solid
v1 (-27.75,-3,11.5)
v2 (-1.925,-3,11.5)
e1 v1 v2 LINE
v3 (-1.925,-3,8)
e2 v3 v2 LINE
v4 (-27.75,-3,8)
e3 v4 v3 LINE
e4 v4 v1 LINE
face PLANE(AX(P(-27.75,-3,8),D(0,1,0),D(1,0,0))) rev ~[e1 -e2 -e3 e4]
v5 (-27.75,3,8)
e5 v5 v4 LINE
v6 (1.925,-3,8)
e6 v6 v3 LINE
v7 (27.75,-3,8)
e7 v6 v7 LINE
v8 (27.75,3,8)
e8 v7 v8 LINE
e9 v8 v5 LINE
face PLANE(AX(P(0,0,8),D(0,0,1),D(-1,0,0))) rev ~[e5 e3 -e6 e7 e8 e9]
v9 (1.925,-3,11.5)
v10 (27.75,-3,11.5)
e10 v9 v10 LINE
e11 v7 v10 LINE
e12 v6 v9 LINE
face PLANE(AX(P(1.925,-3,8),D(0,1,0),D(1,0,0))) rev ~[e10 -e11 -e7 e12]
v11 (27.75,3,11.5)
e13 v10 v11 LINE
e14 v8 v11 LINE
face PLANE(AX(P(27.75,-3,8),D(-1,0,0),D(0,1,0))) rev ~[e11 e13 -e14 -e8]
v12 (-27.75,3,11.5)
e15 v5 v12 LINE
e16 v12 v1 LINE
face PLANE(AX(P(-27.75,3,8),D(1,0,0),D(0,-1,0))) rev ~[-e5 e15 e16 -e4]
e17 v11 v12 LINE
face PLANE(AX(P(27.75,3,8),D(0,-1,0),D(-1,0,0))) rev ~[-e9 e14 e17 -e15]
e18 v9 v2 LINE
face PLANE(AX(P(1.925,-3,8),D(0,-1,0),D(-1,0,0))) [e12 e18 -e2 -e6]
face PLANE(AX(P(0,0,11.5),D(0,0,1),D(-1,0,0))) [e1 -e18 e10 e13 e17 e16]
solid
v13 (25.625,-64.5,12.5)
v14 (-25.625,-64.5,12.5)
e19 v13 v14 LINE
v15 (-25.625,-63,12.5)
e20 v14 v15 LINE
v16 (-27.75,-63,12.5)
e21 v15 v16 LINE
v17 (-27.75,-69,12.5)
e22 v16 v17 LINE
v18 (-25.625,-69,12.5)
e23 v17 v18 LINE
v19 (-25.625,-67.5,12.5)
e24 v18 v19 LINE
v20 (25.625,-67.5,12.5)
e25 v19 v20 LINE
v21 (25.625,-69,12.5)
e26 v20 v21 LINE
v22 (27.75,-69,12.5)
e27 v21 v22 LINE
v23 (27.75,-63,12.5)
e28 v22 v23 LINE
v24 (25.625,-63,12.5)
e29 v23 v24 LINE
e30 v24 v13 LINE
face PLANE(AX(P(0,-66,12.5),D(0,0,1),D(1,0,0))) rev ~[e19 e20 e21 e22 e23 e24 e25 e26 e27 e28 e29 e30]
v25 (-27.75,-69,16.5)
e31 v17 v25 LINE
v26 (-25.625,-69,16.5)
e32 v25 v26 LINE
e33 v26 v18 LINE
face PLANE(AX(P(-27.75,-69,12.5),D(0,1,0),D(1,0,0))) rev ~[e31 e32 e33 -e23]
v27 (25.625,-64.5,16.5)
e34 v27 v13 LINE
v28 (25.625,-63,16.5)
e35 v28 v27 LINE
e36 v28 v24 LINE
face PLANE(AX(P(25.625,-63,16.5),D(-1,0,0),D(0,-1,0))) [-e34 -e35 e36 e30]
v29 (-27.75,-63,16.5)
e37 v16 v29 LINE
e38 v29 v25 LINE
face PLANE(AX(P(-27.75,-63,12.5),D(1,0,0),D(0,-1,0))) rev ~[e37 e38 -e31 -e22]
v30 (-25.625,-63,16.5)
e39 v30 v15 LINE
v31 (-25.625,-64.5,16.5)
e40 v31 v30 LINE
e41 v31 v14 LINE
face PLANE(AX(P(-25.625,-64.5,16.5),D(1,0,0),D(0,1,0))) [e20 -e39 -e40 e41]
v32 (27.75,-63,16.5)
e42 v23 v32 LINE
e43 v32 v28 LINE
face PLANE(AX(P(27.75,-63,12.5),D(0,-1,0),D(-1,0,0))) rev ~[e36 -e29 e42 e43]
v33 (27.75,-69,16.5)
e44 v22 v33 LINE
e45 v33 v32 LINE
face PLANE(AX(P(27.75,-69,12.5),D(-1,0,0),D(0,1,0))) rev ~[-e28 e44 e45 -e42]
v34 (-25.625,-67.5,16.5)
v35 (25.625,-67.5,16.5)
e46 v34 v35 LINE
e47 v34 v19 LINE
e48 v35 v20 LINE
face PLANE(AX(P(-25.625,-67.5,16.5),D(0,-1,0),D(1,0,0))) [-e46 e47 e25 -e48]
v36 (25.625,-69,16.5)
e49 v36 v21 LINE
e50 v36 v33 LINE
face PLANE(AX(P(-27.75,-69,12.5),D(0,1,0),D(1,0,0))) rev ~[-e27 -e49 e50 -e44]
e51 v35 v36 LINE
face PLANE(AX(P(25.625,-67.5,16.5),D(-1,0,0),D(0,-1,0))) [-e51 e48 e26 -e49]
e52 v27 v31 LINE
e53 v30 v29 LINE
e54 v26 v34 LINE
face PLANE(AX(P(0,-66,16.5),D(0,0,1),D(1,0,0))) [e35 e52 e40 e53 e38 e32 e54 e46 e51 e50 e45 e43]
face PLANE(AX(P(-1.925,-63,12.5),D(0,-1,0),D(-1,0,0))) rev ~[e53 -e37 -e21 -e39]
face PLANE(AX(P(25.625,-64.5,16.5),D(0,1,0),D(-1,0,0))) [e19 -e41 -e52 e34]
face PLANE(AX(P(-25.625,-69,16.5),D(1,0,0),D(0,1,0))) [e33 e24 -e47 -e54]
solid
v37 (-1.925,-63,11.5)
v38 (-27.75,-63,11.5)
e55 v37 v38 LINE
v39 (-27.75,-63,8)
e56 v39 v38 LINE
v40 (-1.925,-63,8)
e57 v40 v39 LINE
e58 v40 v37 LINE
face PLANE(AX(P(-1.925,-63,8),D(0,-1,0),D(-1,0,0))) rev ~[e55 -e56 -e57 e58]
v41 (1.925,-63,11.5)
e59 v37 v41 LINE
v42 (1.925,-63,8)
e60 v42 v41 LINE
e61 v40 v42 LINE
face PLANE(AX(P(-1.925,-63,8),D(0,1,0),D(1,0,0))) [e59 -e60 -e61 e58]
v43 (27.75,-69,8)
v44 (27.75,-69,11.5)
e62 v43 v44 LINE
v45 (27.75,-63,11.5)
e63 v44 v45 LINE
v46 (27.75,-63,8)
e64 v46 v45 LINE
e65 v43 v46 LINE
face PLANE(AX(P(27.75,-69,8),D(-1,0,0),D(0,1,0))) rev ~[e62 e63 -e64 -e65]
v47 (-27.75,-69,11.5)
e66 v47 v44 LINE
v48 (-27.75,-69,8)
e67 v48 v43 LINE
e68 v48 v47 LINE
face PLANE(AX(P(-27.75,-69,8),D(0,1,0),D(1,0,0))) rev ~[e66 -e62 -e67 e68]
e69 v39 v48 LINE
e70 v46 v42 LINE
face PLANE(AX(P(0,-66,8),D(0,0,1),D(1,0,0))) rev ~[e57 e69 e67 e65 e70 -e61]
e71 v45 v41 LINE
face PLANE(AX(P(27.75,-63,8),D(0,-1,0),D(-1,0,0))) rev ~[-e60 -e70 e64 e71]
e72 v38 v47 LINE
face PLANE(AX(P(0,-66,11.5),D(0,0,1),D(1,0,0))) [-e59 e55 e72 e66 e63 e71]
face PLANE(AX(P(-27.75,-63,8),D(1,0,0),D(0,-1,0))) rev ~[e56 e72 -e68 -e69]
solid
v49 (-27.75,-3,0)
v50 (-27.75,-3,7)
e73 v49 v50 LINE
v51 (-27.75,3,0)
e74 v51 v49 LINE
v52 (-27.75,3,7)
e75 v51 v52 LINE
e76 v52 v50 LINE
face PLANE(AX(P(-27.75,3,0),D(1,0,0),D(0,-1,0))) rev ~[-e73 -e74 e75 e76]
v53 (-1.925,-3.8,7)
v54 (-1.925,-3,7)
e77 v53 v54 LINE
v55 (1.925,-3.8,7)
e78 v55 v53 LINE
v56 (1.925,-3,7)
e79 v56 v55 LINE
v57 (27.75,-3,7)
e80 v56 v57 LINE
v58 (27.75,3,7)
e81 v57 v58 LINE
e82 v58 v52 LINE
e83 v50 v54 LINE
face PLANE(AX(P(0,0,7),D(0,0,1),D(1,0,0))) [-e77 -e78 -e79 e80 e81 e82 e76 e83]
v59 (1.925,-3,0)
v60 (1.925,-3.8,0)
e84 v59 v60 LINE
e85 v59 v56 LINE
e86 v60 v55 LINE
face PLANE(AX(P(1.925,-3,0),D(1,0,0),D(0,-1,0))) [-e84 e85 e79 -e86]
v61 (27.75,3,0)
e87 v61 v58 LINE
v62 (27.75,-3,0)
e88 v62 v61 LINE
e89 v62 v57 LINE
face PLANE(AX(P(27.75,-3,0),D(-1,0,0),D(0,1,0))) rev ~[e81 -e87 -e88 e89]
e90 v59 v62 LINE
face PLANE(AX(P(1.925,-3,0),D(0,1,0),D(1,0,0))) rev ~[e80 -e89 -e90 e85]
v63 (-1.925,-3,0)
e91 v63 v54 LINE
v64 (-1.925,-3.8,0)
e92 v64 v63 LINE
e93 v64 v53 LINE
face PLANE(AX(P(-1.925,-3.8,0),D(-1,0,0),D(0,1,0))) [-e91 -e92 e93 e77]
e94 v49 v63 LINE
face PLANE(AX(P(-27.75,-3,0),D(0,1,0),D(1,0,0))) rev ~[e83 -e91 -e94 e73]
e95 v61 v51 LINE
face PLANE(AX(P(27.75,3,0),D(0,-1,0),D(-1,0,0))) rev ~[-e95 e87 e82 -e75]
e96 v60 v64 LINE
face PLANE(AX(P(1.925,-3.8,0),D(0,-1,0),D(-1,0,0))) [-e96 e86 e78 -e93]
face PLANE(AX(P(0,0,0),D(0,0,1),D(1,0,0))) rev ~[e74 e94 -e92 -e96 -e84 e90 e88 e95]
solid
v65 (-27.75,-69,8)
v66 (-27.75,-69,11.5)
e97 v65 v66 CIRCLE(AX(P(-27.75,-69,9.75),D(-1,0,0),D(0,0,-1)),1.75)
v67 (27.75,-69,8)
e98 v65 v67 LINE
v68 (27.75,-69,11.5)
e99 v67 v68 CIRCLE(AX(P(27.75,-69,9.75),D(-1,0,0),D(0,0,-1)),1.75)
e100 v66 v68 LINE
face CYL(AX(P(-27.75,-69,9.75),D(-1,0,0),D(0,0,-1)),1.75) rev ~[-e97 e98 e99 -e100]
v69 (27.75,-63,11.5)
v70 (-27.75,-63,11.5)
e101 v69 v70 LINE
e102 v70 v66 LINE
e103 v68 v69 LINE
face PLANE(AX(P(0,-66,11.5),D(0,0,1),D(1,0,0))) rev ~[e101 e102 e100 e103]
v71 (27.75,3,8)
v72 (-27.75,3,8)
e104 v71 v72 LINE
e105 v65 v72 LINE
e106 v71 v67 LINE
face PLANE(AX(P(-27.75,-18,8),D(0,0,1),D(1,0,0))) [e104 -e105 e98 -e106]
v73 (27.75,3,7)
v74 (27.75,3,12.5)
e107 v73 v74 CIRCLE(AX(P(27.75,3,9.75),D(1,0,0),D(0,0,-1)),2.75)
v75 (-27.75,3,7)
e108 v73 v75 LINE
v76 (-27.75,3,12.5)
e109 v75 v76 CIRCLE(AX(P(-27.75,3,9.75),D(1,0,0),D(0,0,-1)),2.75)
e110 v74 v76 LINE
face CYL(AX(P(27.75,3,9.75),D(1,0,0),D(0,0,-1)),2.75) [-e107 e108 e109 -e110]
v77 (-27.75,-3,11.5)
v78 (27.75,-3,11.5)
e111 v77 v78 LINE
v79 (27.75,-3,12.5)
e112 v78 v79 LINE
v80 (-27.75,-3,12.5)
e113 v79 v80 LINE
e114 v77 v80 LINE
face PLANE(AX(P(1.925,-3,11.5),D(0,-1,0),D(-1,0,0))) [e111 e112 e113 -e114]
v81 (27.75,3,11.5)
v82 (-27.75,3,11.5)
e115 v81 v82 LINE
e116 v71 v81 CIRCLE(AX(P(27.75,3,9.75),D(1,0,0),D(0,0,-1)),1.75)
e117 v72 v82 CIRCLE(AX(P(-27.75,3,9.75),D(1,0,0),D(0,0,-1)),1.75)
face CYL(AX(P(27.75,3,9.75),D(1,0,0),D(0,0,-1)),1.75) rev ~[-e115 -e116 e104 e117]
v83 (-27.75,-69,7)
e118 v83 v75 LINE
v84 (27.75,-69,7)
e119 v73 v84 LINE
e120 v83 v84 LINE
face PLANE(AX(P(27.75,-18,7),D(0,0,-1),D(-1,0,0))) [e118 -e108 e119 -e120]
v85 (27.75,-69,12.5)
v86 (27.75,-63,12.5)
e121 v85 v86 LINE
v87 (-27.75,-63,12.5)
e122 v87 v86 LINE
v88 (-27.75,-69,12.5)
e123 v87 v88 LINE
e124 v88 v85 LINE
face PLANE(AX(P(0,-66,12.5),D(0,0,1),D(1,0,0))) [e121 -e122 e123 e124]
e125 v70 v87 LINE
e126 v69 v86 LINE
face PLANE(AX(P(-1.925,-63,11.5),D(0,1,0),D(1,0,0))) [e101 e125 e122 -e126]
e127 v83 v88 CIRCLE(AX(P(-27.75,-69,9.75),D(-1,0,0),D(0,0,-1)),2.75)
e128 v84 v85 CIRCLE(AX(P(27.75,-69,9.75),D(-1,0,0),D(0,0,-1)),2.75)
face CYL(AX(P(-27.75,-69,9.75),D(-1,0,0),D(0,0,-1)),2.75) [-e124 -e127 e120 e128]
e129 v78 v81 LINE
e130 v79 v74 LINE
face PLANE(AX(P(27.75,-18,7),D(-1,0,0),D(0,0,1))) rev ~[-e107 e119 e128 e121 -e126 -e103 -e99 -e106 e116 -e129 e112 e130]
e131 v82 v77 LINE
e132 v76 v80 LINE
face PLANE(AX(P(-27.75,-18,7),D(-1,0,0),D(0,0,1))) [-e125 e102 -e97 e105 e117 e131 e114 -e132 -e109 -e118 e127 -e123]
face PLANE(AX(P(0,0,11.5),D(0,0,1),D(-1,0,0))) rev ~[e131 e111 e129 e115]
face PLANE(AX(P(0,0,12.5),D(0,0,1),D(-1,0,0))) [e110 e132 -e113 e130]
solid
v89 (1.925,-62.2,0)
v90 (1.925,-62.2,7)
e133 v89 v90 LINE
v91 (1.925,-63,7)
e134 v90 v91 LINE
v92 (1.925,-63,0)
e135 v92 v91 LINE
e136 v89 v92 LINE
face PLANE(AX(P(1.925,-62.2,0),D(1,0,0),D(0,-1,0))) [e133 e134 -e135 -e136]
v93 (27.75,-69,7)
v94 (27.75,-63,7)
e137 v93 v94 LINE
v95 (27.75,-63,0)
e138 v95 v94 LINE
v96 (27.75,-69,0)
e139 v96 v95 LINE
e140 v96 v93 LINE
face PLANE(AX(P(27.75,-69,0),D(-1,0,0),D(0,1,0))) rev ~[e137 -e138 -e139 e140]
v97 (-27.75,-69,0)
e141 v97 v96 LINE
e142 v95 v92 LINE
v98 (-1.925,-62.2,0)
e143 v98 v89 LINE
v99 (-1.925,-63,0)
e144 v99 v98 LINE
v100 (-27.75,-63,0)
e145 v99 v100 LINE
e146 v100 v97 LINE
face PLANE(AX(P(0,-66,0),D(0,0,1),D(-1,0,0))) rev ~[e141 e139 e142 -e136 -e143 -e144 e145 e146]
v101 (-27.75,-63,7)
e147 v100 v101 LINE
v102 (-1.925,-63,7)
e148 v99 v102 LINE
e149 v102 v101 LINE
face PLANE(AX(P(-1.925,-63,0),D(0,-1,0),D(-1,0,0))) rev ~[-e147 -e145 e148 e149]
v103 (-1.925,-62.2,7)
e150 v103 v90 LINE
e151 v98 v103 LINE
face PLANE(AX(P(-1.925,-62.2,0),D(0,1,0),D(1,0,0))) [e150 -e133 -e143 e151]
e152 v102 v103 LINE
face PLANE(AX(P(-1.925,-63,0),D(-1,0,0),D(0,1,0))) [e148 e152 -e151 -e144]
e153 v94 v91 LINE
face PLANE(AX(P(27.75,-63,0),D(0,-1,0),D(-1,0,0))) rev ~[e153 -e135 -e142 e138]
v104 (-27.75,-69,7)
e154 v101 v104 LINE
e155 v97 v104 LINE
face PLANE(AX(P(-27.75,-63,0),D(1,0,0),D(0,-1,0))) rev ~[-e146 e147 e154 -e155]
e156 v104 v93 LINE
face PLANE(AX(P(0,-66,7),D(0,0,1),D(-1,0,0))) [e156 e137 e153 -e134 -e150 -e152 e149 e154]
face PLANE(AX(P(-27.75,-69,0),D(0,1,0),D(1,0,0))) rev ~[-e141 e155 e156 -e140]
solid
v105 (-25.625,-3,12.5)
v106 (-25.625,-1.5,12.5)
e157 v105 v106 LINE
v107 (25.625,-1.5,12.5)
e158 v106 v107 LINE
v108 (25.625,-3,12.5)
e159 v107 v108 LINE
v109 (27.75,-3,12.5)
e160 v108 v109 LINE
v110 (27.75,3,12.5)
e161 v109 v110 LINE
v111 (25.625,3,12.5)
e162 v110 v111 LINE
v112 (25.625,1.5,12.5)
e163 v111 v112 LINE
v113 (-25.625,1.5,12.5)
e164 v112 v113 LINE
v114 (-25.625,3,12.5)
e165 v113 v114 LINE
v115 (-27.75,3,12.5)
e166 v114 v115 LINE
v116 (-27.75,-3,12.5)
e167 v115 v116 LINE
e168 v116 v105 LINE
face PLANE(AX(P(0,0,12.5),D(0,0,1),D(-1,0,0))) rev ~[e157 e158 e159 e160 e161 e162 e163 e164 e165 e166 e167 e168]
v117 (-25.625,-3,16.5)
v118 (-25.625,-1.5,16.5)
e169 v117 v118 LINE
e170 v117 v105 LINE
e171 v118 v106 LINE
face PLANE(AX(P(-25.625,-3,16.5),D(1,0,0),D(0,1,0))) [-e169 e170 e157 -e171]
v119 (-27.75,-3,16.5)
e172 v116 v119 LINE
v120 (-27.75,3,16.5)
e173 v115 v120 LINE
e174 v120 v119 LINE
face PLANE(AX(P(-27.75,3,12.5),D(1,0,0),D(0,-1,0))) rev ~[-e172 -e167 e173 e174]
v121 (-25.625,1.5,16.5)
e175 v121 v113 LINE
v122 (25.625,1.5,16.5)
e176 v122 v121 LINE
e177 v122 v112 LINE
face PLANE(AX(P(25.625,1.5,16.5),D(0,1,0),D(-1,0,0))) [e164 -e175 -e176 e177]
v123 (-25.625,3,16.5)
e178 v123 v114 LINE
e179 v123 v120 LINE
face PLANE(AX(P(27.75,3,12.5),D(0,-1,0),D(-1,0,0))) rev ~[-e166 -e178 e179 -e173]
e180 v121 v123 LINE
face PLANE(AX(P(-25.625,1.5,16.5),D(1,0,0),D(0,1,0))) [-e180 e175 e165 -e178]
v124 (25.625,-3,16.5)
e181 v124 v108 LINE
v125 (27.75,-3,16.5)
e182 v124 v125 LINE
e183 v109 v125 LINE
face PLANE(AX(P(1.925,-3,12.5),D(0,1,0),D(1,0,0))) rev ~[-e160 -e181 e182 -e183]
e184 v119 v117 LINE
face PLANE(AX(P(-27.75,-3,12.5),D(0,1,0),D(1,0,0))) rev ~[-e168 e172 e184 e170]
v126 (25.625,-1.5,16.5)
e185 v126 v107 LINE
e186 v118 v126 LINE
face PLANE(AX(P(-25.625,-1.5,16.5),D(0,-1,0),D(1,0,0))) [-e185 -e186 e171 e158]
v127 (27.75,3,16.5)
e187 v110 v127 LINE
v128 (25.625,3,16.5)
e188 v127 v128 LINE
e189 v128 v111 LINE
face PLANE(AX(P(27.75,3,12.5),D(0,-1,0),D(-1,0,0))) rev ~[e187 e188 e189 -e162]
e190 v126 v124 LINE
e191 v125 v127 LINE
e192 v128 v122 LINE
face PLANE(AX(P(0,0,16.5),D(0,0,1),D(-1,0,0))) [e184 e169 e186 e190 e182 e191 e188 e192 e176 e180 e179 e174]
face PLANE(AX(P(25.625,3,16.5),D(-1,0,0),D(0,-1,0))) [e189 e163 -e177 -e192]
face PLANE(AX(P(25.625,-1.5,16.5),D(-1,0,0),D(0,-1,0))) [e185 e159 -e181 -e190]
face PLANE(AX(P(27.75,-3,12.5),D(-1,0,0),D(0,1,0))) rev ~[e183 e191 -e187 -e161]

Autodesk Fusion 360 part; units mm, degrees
sketch "Sketch1" plane through (0, 0, 0) normal (0, 0, 1) x (1, 0, 0) in component "GPIO Header cable v2"
  line L0 (27.75, 3) -> (-27.75, 3)
  line L1 (-27.75, 3) -> (-27.75, -3)
  line L2 (-27.75, -3) -> (27.75, -3)
  line L3 (27.75, -3) -> (27.75, 3)
  line L4 (27.75, 3) -> (-27.75, -3) construction
  line L5 (-27.75, 3) -> (27.75, -3) construction
  line L6 (-1.925, -3) -> (1.925, -3)
  line L7 (1.925, -3) -> (1.925, -3.8)
  line L8 (1.925, -3.8) -> (-1.925, -3.8)
  line L9 (-1.925, -3.8) -> (-1.925, -3)
  dimension "d1" = 55.5
  dimension "d2" = 6
  dimension "d3" = 3.85
  dimension "d4" = 0.8
extrude "Extrude1" add sketch "Sketch1" along normal blind 7 makes body 1 in component "GPIO Header cable v2"
sketch "Sketch2" plane through (0, 0, 7) normal (0, 0, 1) x (-1, 0, 0) in component "GPIO Header cable v2"
  line L0 (-1.925, 3) -> (-27.75, 3)
  line L1 (-27.75, 3) -> (-27.75, -3)
  line L2 (-27.75, -3) -> (27.75, -3)
  line L3 (27.75, -3) -> (27.75, 3)
  line L4 (27.75, 3) -> (1.925, 3)
  line L5 (1.925, 3) -> (1.925, 3.8)
  line L6 (1.925, 3.8) -> (-1.925, 3.8)
  line L7 (-1.925, 3.8) -> (-1.925, 3)
  line L8 (27.75, -3) -> (-27.75, -3)
  line L9 (-27.75, -3) -> (-27.75, 3)
  line L10 (-27.75, 3) -> (27.75, 3)
  line L11 (27.75, 3) -> (27.75, -3)
extrude "Extrude2" add sketch "Sketch2" along normal blind 1 separate body contours L0 L1 L2 L3 L4 L8 L9 L10 L11 makes body 2 in component "GPIO Header cable v2"
extrude "Extrude3" add 1 faces at (0.6417, 1, 8) along direction (0, 0, 1) blind 3.5 separate body on bodies 2 makes body 3 in component "GPIO Header cable v2"
extrude "Extrude4" add 1 faces at (0.6417, 1, 11.5) along direction (0, 0, 1) blind 1 separate body on bodies 3 makes body 4 in component "GPIO Header cable v2"
extrude "Extrude5" add 1 faces at (0.6417, 1, 12.5) along direction (0, 0, 1) blind 4 separate body on bodies 4 makes body 5 in component "GPIO Header cable v2"
sketch "Sketch4" plane through (0, 0, 16.5) normal (0, 0, 1) x (-1, 0, 0) in component "GPIO Header cable v2"
  line L0 (27.75, 3) -> (-27.75, 3)
  line L1 (-27.75, 3) -> (-27.75, -3)
  line L2 (-27.75, -3) -> (27.75, -3)
  line L3 (27.75, -3) -> (27.75, 3)
  line L4 (25.625, -3) -> (-25.625, -3)
  line L5 (-25.625, -3) -> (-25.625, -1.5)
  line L6 (-25.625, -1.5) -> (25.625, -1.5)
  line L7 (25.625, -1.5) -> (25.625, -3)
  line L8 (25.625, 1.5) -> (-25.625, 1.5)
  line L9 (-25.625, 1.5) -> (-25.625, 3)
  line L10 (-25.625, 3) -> (25.625, 3)
  line L11 (25.625, 3) -> (25.625, 1.5)
  dimension "d15" = 51.25
  dimension "d16" = 1.5
  dimension "d17" = 1.5
  dimension "d18" = 51.25
extrude "Extrude6" cut sketch "Sketch4" against normal blind 4 contours L0 L8 L9 L10 L11 | L2 L4 L5 L6 L7 bodies 5 in component "GPIO Header cable v2"
extrude "Extrude7" add 3 faces at (0.6417, -3, 7.3333) (-19.1417, -3, 7.3333) (10.5333, -3, 7.3333) along direction (0, -1, 0) blind 15 on bodies 2 bodies 2 in component "GPIO Header cable v2"
sketch "Sketch5" plane through (27.75, 0, 0) normal (1, 0, 0) x (0, 1, 0) in component "GPIO Header cable v2"
  line L0 (-3, 8) -> (3, 8)
  line L1 (3, 8) -> (3, 11.5)
  line L2 (3, 11.5) -> (-3, 11.5)
  line L3 (-3, 11.5) -> (-3, 8)
  arc A0 (3, 8) -> (3, 11.5) centre (3, 9.75) ccw
  arc A1 (3, 7) -> (3, 12.5) centre (3, 9.75) ccw
  line L4 (3, 12.5) -> (3, 11.5)
  line L5 (3, 8) -> (3, 7)
  dimension "d23" = 1
extrude "Extrude8" add sketch "Sketch5" against normal blind 55.5 contours A0 A1 L4 L5 bodies 2 4 in component "GPIO Header cable v2"
extrude "Extrude9" add 1 faces at (9.25, -18, 7.3333) along direction (0, -1, 0) blind 15 on bodies 2 bodies 2 in component "GPIO Header cable v2"
sketch "Sketch1 (2)" plane through (0, 0, 0) normal (0, 0, 1) x (1, 0, 0) in component "GPIO Header cable v2 (1)"
  line L0 (27.75, 3) -> (-27.75, 3)
  line L1 (-27.75, 3) -> (-27.75, -3)
  line L2 (-27.75, -3) -> (27.75, -3)
  line L3 (27.75, -3) -> (27.75, 3)
  line L4 (27.75, 3) -> (-27.75, -3) construction
  line L5 (-27.75, 3) -> (27.75, -3) construction
  line L6 (-1.925, -3) -> (1.925, -3)
  line L7 (1.925, -3) -> (1.925, -3.8)
  line L8 (1.925, -3.8) -> (-1.925, -3.8)
  line L9 (-1.925, -3.8) -> (-1.925, -3)
  dimension "d1_1" = 55.5
  dimension "d2_1" = 6
  dimension "d3_1" = 3.85
  dimension "d4_1" = 0.8
extrude "Extrude1'" add sketch "Sketch1 (2)" along normal blind 7 separate body makes body 6 in component "GPIO Header cable v2 (1)"
sketch "Sketch2 (2)" plane through (0, 0, 7) normal (0, 0, 1) x (-1, 0, 0) in component "GPIO Header cable v2 (1)"
  line L0 (-1.925, 3) -> (-27.75, 3)
  line L1 (-27.75, 3) -> (-27.75, -3)
  line L2 (-27.75, -3) -> (27.75, -3)
  line L3 (27.75, -3) -> (27.75, 3)
  line L4 (27.75, 3) -> (1.925, 3)
  line L5 (1.925, 3) -> (1.925, 3.8)
  line L6 (1.925, 3.8) -> (-1.925, 3.8)
  line L7 (-1.925, 3.8) -> (-1.925, 3)
  line L8 (27.75, -3) -> (-27.75, -3)
  line L9 (-27.75, -3) -> (-27.75, 3)
  line L10 (-27.75, 3) -> (27.75, 3)
  line L11 (27.75, 3) -> (27.75, -3)
extrude "Extrude2'" add sketch "Sketch2 (2)" along normal blind 1 separate body contours L0 L1 L2 L3 L4 L8 L9 L10 L11 makes body 7 in component "GPIO Header cable v2 (1)"
extrude "Extrude3'" add 1 faces at (0.6417, 1, 8) along direction (0, 0, 1) blind 3.5 separate body on bodies 7 makes body 8 in component "GPIO Header cable v2 (1)"
extrude "Extrude4'" add 1 faces at (0.6417, 1, 11.5) along direction (0, 0, 1) blind 1 separate body on bodies 8 makes body 9 in component "GPIO Header cable v2 (1)"
extrude "Extrude5'" add 1 faces at (0.6417, 1, 12.5) along direction (0, 0, 1) blind 4 separate body on bodies 9 makes body 10 in component "GPIO Header cable v2 (1)"
sketch "Sketch4 (2)" plane through (0, 0, 16.5) normal (0, 0, 1) x (-1, 0, 0) in component "GPIO Header cable v2 (1)"
  line L0 (27.75, 3) -> (-27.75, 3)
  line L1 (-27.75, 3) -> (-27.75, -3)
  line L2 (-27.75, -3) -> (27.75, -3)
  line L3 (27.75, -3) -> (27.75, 3)
  line L4 (25.625, -3) -> (-25.625, -3)
  line L5 (-25.625, -3) -> (-25.625, -1.5)
  line L6 (-25.625, -1.5) -> (25.625, -1.5)
  line L7 (25.625, -1.5) -> (25.625, -3)
  line L8 (25.625, 1.5) -> (-25.625, 1.5)
  line L9 (-25.625, 1.5) -> (-25.625, 3)
  line L10 (-25.625, 3) -> (25.625, 3)
  line L11 (25.625, 3) -> (25.625, 1.5)
  dimension "d15_1" = 51.25
  dimension "d16_1" = 1.5
  dimension "d17_1" = 1.5
  dimension "d18_1" = 51.25
extrude "Extrude6'" cut sketch "Sketch4 (2)" against normal blind 4 contours L0 L8 L9 L10 L11 | L2 L4 L5 L6 L7 bodies 10 in component "GPIO Header cable v2 (1)"
extrude "Extrude7'" add 3 faces at (0.6417, -3, 7.3333) (-19.1417, -3, 7.3333) (10.5333, -3, 7.3333) along direction (0, -1, 0) blind 15 on bodies 7 bodies 7 in component "GPIO Header cable v2 (1)"
sketch "Sketch5 (2)" plane through (27.75, 0, 0) normal (1, 0, 0) x (0, 1, 0) in component "GPIO Header cable v2 (1)"
  line L0 (-3, 8) -> (3, 8)
  line L1 (3, 8) -> (3, 11.5)
  line L2 (3, 11.5) -> (-3, 11.5)
  line L3 (-3, 11.5) -> (-3, 8)
  arc A0 (3, 8) -> (3, 11.5) centre (3, 9.75) ccw
  arc A1 (3, 7) -> (3, 12.5) centre (3, 9.75) ccw
  line L4 (3, 12.5) -> (3, 11.5)
  line L5 (3, 8) -> (3, 7)
  dimension "d23_1" = 1
extrude "Extrude8'" add sketch "Sketch5 (2)" against normal blind 55.5 contours A0 A1 L4 L5 bodies 7 9 in component "GPIO Header cable v2 (1)"
extrude "Extrude9'" add 1 faces at (9.25, -18, 7.3333) along direction (0, -1, 0) blind 15 on bodies 7 bodies 7 in component "GPIO Header cable v2 (1)"
combine "Combine1" operation add target body 2 tool bodies 7 body 7 seen with x (-1, 0, 0) y (0, -1, 0) z (0, 0, 1) at (0, -66, 0) in component "GPIO Header cable v2"
component "GPIO Header cable v2" placed x (1, 0, 0) y (0, 1, 0) z (0, 0, 1) at (0, 0, 0)
component "GPIO Header cable v2 (1)" placed x (-1, 0, 0) y (0, -1, 0) z (0, 0, 1) at (0, -66, 0)
